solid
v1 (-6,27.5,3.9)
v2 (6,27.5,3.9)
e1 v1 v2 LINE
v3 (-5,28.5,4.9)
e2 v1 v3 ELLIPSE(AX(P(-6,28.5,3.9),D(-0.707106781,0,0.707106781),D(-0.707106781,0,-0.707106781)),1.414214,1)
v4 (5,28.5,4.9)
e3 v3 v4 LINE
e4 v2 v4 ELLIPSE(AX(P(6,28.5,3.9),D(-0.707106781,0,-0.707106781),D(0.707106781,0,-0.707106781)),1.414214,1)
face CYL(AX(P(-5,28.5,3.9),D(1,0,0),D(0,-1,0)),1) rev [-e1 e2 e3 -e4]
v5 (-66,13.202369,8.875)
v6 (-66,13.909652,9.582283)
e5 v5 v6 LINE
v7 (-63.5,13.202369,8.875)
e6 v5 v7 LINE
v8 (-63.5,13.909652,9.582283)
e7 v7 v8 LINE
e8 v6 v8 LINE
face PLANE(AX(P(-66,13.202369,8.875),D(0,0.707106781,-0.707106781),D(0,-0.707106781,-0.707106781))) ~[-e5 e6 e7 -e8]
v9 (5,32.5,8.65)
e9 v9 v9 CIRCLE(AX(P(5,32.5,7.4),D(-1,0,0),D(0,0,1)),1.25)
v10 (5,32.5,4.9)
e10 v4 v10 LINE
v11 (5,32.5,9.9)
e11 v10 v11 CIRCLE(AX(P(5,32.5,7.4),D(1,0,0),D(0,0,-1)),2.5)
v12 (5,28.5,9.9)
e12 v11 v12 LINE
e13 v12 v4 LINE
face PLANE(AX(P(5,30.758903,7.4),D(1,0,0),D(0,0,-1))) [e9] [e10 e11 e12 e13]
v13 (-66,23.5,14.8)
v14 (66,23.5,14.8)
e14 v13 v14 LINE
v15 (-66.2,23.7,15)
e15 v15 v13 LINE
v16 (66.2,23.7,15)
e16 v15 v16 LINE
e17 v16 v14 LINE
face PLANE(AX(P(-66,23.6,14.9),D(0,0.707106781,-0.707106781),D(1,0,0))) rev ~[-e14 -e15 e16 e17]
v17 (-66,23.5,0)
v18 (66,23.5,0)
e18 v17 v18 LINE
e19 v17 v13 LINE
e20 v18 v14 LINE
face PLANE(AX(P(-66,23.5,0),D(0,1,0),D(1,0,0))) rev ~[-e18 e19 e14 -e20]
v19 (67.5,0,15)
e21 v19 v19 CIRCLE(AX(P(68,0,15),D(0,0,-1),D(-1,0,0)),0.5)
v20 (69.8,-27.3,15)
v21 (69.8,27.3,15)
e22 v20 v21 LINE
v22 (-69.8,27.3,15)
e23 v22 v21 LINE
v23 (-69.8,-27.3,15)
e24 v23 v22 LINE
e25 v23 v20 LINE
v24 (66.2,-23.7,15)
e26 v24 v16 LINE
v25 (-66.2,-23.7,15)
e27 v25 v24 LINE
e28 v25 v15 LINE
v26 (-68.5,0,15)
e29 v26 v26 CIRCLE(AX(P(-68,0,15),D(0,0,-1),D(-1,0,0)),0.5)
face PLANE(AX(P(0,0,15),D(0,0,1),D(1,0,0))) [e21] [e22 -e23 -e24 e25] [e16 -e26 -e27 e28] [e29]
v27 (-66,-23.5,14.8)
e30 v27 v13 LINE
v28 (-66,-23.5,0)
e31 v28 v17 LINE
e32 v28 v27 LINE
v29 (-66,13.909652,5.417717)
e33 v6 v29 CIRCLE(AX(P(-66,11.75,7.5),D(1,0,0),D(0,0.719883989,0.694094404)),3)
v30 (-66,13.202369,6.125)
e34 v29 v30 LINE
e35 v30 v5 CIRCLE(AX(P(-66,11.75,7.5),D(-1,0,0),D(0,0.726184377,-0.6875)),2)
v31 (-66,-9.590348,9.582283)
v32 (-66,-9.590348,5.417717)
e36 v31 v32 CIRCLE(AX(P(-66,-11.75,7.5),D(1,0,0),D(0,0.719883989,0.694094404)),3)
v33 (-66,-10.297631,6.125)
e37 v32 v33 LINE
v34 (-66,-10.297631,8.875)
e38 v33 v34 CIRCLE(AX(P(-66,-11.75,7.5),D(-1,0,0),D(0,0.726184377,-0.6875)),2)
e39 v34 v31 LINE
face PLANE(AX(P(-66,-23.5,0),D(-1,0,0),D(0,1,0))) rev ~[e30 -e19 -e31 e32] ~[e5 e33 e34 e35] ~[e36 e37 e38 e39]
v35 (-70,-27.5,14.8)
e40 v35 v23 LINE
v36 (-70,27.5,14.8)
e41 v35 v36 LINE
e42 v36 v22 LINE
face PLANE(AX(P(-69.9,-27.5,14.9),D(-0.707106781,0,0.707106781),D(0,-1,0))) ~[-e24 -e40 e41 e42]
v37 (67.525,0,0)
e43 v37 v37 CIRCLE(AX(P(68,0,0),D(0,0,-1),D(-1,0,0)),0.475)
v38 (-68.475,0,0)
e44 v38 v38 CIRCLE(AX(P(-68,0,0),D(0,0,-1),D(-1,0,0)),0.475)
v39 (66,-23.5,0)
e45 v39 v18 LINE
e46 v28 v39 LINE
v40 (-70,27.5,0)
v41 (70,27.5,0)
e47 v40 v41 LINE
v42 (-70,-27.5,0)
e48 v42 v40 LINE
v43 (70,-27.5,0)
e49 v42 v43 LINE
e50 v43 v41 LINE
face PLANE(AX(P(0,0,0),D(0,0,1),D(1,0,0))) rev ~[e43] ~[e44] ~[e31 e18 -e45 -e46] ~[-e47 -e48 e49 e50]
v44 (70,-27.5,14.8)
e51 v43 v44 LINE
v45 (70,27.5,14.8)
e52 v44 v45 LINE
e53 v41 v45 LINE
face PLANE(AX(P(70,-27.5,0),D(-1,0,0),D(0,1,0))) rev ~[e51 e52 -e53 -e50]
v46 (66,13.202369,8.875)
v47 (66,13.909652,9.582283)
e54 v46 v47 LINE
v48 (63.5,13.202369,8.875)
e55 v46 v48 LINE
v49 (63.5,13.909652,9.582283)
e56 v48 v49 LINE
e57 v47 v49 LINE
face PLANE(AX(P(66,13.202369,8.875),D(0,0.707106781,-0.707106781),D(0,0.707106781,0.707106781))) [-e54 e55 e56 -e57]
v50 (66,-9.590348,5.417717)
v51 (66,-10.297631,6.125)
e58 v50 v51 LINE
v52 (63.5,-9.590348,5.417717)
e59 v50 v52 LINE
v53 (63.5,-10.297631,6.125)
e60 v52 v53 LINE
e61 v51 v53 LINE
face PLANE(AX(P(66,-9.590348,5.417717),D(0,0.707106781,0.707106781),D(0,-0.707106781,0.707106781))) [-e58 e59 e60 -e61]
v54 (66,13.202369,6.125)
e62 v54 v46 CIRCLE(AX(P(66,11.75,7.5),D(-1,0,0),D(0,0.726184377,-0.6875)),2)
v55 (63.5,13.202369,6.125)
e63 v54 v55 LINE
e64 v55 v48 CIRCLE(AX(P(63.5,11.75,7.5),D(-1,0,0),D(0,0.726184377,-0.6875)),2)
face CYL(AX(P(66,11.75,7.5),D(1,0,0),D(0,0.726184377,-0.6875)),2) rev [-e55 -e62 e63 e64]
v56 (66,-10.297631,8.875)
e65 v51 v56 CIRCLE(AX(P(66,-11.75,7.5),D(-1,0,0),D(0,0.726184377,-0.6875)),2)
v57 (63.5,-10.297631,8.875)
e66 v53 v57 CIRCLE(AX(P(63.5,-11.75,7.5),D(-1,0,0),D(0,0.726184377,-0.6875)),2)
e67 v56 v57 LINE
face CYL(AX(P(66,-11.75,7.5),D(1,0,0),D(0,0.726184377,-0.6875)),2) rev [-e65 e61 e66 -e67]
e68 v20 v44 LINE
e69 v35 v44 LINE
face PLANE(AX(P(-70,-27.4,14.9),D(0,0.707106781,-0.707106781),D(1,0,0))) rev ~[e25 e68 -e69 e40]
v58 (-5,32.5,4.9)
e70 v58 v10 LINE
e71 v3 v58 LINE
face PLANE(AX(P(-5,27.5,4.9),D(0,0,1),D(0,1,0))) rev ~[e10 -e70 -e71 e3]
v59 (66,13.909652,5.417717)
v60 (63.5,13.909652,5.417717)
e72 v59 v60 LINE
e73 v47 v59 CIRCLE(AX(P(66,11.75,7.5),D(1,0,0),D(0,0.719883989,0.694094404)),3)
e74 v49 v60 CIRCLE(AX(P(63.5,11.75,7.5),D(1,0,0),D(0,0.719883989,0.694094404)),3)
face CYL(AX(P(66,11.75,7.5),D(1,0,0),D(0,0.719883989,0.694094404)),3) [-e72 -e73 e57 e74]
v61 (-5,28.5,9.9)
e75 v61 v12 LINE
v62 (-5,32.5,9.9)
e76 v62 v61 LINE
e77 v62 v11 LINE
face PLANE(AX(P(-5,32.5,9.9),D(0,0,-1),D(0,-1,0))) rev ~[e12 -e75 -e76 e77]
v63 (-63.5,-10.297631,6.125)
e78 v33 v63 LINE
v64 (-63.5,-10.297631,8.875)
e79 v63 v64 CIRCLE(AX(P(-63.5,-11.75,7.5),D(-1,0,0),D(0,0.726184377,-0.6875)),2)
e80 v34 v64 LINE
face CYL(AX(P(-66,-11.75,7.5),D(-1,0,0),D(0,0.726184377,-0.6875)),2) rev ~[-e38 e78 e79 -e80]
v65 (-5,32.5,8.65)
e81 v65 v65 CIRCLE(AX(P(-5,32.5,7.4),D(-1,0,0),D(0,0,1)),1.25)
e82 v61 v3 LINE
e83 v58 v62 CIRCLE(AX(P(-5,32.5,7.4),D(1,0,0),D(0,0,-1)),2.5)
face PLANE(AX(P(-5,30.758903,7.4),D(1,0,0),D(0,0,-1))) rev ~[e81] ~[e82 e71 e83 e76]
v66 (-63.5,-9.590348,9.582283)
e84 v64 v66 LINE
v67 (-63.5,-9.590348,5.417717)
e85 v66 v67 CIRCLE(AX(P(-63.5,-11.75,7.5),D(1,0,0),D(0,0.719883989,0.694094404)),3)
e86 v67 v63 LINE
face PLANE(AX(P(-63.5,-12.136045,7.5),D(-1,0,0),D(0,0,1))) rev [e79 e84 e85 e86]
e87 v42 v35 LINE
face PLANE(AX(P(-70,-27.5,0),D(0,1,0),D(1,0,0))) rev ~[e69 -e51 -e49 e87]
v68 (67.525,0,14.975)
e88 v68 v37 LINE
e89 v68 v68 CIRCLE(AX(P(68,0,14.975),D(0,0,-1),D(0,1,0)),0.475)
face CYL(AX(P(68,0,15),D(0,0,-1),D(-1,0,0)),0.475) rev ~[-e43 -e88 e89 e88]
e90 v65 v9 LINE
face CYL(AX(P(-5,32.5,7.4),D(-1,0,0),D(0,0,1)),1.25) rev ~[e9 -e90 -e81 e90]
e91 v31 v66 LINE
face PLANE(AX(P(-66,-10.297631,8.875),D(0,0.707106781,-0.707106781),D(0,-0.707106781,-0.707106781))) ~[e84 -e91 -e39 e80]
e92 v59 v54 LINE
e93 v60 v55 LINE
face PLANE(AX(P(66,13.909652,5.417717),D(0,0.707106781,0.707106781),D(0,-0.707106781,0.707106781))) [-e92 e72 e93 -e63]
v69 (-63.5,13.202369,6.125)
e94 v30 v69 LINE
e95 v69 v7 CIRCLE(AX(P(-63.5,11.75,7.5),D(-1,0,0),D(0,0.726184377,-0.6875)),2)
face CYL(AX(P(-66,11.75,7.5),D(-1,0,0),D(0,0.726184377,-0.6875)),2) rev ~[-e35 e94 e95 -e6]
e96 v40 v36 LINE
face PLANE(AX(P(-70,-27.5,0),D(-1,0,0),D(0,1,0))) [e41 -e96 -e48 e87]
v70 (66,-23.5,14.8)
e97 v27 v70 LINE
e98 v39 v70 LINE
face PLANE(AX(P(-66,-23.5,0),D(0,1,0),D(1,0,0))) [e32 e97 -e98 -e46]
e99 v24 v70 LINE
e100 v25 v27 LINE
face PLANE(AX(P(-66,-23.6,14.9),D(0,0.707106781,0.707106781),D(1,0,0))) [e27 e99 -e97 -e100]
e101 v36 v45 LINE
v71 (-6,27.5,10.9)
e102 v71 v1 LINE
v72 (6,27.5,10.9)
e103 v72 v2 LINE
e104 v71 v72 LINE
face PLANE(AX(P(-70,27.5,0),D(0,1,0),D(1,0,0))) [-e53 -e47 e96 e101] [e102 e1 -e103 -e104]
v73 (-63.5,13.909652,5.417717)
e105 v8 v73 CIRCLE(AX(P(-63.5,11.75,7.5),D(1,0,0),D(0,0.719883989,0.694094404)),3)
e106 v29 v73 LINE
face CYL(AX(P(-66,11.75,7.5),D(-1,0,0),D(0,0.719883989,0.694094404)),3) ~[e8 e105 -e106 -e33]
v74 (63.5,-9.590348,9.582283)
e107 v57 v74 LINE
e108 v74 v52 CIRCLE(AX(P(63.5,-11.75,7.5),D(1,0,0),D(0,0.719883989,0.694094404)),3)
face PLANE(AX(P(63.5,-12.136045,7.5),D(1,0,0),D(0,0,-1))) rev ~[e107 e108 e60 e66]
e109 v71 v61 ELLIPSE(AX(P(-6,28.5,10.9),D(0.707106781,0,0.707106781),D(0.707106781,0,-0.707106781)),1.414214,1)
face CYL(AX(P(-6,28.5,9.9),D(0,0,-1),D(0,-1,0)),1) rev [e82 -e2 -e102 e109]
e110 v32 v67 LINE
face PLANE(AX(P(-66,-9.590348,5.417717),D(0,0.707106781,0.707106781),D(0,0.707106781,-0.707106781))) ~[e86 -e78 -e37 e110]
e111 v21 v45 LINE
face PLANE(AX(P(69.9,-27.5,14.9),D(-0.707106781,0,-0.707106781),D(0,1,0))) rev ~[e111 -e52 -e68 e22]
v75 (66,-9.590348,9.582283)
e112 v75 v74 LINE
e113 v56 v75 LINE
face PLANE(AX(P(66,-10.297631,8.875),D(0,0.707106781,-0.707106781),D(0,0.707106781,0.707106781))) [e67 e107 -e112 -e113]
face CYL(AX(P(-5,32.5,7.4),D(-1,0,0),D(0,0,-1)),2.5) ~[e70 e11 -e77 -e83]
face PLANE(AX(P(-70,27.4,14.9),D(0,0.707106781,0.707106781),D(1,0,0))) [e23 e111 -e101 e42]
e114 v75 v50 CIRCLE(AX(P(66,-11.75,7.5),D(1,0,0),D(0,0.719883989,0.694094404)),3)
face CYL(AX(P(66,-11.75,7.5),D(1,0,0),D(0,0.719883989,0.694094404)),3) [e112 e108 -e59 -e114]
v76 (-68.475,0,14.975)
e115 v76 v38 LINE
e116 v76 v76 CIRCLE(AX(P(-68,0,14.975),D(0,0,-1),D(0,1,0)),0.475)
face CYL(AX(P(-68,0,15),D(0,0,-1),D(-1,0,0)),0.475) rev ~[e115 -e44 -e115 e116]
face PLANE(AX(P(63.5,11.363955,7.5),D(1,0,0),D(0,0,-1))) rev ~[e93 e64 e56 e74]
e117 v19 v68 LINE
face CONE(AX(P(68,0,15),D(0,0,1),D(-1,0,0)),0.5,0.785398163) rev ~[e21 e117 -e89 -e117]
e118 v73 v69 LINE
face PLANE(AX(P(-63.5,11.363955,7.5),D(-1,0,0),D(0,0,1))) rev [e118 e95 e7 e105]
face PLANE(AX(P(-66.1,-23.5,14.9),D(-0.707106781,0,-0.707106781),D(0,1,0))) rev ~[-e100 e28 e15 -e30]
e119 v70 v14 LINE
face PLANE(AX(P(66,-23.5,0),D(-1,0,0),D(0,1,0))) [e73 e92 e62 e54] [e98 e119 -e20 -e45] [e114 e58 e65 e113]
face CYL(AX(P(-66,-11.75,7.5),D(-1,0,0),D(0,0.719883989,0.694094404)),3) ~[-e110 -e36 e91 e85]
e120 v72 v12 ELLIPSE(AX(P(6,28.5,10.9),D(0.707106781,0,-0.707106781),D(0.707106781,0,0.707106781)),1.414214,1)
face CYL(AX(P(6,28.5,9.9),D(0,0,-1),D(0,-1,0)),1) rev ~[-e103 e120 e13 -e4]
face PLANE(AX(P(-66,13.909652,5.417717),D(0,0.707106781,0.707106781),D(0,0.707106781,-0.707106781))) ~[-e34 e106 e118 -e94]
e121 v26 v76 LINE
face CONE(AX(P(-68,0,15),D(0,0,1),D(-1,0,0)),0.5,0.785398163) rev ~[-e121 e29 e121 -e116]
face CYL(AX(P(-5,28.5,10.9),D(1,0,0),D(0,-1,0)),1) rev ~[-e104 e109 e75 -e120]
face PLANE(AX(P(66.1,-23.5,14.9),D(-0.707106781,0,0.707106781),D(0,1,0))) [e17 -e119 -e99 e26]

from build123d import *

# Parameters (mm, degrees)
SKETCH1_W                                = 140
SKETCH1_H                                = 55
SKETCH1_W_2                              = 132
SKETCH1_H_2                              = 47
RECTANGLE_PAD_DEPTH                      = 15
MOUNTINGHOLES_DEPTH                      = 2.5
TAP_DRILL_FOR_M1_2X0_25_TAP2_D           = 0.95
TAP_DRILL_FOR_M1_2X0_25_TAP2_CSINK_D     = 1
TAP_DRILL_FOR_M1_2X0_25_TAP2_CSINK_ANGLE = 90
CHAMFER3_SIZE                            = 0.2
BOSS_EXTRUDE1_DEPTH                      = 10
FILLET1_R                                = 1
SKETCH7_R                                = 1.25
CUT_EXTRUDE1_DEPTH                       = 10


with BuildPart() as part:
    # Sketch1 → Rectangle Pad (new body)
    with BuildSketch(Plane.XY):
        Rectangle(SKETCH1_W, SKETCH1_H)
        Rectangle(SKETCH1_W_2, SKETCH1_H_2, mode=Mode.SUBTRACT)
    extrude(amount=RECTANGLE_PAD_DEPTH)

    # Sketch2 → MountingHoles (add)
    with BuildSketch(Plane.ZY.offset(-66)):
        with BuildLine():
            Line((8.875, 13.202368755), (9.582283213, 13.909651968))
            ThreePointArc((9.582283213, 13.909651968), (7.5, 8.75), (5.417716787, 13.909651968))
            Line((5.417716787, 13.909651968), (6.125, 13.202368755))
            ThreePointArc((6.125, 13.202368755), (7.5, 9.75), (8.875, 13.202368755))
        make_face()
        with BuildLine():
            Line((8.875, -10.297631245), (9.582283213, -9.590348032))
            ThreePointArc((9.582283213, -9.590348032), (7.5, -14.75), (5.417716787, -9.590348032))
            Line((5.417716787, -9.590348032), (6.125, -10.297631245))
            ThreePointArc((6.125, -10.297631245), (7.5, -13.75), (8.875, -10.297631245))
        make_face()
    mountingholes = extrude(amount=MOUNTINGHOLES_DEPTH)

    # Mirror1: MountingHoles across plane
    add(mountingholes.mirror(Plane(origin=(0, 0, 0), x_dir=(0, 0, 1), z_dir=(1, 0, 0))))

    # Tap Drill for M1.2x0.25 Tap2 (through all)
    with Locations(Plane.XY.offset(15)):
        with Locations((68, 0), (-68, 0)):
            CounterSinkHole(TAP_DRILL_FOR_M1_2X0_25_TAP2_D / 2, TAP_DRILL_FOR_M1_2X0_25_TAP2_CSINK_D / 2, counter_sink_angle=TAP_DRILL_FOR_M1_2X0_25_TAP2_CSINK_ANGLE)

    # Chamfer3
    chamfer3_edges = [part.edges().sort_by_distance(p)[0] for p in [
        (-70, 0, 15),
        (66, 0, 15),
        (0, -27.5, 15),
        (0, 23.5, 15),
        (-66, 0, 15),
        (0, -23.5, 15),
        (70, 0, 15),
        (0, 27.5, 15),
    ]]
    chamfer(chamfer3_edges, length=CHAMFER3_SIZE)

    # Sketch6 → Boss-Extrude1 (add)
    with BuildSketch(Plane(origin=(-5, 0, 0), x_dir=(0, 0, -1), z_dir=(1, 0, 0))):
        with BuildLine():
            Line((-9.9, 32.5), (-9.9, 27.5))
            Line((-9.9, 27.5), (-4.9, 27.5))
            Line((-4.9, 27.5), (-4.9, 32.5))
            ThreePointArc((-4.9, 32.5), (-7.4, 35), (-9.9, 32.5))
        make_face()
    extrude(amount=BOSS_EXTRUDE1_DEPTH)

    # Fillet1
    fillet1_edges = [part.edges().sort_by_distance(p)[0] for p in [
        (-5, 27.5, 7.4),
        (0, 27.5, 9.9),
        (0, 27.5, 4.9),
        (5, 27.5, 7.4),
    ]]
    fillet(fillet1_edges, radius=FILLET1_R)

    # Sketch7 → Cut-Extrude1 (cut)
    with BuildSketch(Plane.ZY.offset(5)):
        with Locations((7.4, 32.5)):
            Circle(SKETCH7_R)
    extrude(amount=-CUT_EXTRUDE1_DEPTH, mode=Mode.SUBTRACT)


solid = part.part
